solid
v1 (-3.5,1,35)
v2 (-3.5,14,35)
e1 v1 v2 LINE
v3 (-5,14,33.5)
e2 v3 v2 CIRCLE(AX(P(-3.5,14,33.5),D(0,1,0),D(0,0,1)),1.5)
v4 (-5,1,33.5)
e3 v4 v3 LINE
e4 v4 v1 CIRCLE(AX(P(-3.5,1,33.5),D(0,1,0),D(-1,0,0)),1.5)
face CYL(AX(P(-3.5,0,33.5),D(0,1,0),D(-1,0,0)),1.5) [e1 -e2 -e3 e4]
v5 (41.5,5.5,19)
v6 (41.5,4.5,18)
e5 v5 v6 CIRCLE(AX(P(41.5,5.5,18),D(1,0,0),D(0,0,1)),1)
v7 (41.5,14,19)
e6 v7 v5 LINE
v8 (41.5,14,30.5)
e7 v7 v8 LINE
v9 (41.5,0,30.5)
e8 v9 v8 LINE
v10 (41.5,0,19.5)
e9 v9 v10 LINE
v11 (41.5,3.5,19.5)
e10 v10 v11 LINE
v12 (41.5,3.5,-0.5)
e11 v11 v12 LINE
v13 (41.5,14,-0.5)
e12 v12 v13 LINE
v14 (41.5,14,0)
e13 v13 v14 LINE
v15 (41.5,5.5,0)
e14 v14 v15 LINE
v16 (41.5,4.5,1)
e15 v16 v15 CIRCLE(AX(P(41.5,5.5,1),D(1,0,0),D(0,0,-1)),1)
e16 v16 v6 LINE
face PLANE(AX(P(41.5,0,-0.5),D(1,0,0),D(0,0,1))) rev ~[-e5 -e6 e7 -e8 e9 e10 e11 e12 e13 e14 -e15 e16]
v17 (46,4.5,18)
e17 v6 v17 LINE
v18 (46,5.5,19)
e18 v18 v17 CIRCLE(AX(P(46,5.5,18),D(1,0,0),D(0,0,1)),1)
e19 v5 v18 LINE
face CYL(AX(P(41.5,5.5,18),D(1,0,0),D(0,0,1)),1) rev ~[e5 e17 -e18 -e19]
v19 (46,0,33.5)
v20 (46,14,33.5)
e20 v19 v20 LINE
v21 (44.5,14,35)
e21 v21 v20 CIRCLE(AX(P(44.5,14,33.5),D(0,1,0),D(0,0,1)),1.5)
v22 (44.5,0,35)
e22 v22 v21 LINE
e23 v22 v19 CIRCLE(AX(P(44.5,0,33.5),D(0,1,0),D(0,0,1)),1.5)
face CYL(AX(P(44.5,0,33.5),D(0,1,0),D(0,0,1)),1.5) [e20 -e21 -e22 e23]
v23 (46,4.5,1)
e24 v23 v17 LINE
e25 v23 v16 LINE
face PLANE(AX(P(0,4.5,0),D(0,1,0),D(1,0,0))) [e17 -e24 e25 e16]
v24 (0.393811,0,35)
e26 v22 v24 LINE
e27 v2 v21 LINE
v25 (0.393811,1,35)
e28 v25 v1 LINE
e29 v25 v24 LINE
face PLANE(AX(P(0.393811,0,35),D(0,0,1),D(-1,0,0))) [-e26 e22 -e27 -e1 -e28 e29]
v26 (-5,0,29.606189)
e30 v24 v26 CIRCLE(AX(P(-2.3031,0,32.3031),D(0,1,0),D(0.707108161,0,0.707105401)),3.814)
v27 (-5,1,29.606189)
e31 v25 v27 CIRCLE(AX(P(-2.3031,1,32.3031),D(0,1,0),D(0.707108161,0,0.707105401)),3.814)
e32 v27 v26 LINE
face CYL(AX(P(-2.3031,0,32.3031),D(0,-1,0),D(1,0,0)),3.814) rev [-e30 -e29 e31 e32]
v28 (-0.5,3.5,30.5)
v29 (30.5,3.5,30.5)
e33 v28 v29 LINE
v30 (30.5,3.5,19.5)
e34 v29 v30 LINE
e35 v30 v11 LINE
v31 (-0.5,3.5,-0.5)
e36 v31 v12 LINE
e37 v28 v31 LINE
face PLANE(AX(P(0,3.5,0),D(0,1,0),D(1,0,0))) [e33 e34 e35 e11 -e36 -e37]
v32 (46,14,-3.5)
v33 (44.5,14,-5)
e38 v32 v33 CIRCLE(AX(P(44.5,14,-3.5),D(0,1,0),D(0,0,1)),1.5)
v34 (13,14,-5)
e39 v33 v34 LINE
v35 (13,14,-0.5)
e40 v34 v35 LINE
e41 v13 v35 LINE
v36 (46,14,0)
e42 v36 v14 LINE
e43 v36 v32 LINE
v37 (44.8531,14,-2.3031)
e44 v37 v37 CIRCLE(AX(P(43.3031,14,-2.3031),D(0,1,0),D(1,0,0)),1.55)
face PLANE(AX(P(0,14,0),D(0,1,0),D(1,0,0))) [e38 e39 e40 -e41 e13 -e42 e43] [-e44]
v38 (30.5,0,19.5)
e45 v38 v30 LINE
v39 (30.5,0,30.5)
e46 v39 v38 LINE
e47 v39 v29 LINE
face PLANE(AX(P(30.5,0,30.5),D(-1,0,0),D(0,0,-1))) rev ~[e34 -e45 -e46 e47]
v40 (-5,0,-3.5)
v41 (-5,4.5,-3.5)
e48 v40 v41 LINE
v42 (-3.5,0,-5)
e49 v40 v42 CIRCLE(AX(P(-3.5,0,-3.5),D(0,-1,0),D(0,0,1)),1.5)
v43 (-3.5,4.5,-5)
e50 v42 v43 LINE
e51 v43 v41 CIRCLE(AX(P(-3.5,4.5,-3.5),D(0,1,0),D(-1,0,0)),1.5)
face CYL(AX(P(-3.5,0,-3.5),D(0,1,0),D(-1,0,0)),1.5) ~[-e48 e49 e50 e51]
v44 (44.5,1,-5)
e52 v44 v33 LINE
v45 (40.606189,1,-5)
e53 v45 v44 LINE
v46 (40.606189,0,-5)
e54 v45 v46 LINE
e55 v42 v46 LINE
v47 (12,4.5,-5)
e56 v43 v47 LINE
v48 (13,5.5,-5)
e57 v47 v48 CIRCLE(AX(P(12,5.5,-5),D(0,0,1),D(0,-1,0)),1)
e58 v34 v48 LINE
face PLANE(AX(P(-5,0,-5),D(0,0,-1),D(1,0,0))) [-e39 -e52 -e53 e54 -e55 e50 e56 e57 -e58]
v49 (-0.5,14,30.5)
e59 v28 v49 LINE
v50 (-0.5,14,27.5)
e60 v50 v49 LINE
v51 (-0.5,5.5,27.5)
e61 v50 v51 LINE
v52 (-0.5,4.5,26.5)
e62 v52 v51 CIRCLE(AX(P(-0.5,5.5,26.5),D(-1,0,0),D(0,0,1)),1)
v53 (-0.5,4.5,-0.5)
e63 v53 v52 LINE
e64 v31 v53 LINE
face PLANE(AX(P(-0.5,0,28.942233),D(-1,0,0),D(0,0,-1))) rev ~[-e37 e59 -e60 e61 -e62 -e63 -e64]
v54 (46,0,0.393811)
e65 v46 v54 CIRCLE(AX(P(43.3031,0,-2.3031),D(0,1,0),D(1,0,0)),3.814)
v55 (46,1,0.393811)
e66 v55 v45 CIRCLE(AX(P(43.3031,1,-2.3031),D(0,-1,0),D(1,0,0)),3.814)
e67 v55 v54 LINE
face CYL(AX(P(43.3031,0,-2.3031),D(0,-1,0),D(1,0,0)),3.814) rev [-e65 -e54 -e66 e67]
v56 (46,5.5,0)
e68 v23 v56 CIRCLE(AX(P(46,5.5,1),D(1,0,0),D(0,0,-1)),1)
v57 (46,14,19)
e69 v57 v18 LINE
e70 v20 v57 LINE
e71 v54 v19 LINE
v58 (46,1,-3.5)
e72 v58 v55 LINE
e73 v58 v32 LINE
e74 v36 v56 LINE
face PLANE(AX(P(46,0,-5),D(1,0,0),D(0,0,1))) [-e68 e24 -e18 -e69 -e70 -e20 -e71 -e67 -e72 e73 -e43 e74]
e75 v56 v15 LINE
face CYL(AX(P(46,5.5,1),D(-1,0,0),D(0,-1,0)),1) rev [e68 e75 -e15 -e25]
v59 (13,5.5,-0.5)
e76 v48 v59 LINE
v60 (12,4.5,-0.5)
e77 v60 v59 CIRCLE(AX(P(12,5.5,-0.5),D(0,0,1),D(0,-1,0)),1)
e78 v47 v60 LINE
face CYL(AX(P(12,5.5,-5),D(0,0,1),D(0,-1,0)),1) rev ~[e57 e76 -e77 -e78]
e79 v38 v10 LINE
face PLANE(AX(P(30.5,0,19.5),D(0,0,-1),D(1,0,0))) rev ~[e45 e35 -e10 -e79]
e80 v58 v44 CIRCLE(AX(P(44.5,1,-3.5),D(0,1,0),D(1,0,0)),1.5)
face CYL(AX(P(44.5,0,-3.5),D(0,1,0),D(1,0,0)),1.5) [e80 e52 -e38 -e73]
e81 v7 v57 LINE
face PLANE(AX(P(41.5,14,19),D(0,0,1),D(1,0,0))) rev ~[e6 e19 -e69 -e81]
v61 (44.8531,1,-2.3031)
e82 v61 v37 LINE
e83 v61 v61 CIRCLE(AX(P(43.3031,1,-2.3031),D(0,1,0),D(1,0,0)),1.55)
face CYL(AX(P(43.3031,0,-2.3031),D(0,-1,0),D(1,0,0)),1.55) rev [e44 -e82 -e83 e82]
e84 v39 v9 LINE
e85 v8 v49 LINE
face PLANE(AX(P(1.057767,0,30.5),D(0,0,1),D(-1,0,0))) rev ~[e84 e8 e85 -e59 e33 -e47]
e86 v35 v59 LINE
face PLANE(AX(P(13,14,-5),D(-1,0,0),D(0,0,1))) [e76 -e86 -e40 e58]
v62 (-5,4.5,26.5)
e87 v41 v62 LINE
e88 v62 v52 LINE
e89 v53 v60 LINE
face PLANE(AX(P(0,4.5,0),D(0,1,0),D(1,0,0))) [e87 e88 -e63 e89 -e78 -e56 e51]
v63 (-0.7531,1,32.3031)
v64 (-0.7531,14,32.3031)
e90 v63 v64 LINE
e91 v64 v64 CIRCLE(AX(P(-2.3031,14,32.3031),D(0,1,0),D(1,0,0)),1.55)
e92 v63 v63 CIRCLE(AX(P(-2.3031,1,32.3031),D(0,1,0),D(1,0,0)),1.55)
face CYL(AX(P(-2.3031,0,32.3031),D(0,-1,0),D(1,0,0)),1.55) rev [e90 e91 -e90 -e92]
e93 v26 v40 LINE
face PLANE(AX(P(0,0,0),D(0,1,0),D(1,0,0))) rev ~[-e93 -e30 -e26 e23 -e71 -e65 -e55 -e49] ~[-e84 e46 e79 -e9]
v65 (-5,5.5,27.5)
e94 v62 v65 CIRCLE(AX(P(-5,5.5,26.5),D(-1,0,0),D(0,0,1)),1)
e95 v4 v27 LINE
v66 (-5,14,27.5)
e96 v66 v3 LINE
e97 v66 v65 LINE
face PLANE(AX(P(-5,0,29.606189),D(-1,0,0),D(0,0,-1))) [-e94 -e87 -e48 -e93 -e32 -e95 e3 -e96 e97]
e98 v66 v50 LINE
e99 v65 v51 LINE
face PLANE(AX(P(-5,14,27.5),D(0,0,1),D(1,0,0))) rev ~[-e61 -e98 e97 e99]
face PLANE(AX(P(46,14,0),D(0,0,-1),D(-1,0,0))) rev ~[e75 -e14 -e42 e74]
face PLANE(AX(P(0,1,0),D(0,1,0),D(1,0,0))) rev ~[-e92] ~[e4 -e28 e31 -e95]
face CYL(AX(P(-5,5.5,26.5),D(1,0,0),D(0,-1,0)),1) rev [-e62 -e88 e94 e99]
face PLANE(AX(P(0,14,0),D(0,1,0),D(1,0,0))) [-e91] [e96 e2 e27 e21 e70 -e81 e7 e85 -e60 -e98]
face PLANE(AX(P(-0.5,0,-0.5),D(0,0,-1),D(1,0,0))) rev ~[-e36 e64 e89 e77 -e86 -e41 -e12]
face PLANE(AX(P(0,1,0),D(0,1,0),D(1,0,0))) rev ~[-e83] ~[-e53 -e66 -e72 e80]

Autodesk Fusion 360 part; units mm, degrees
sketch "Sketch1" plane through (0, 0, 0) normal (0, 1, 0) x (1, 0, 0)
  line L0 (0, 0) -> (41, 0) construction
  line L1 (41, 0) -> (41, -30) construction
  line L2 (41, -30) -> (0, -30) construction
  line L3 (0, -30) -> (0, 0) construction
  line L4 (-0.5, 0.5) -> (41.5, 0.5)
  line L5 (41.5, 0.5) -> (41.5, -30.5)
  line L6 (41.5, -30.5) -> (-0.5, -30.5)
  line L7 (-0.5, -30.5) -> (-0.5, 0.5)
  line L8 (-5, 5) -> (46, 5)
  line L9 (46, 5) -> (46, -35)
  line L10 (46, -35) -> (-5, -35)
  line L11 (-5, -35) -> (-5, 5)
  line L12 (30.5, -30.5) -> (30.5, -19.5)
  line L13 (30.5, -19.5) -> (41.5, -19.5)
  circle A0 centre (43.3031, 2.3031) radius 1.55
  circle A1 centre (-2.3031, -32.3031) radius 1.55
  circle A2 centre (-2.3031, -32.3031) radius 3.814
  circle A3 centre (43.3031, 2.3031) radius 3.814
  dimension "d1" = 41
  dimension "d2" = 30
  dimension "d3" = -0.5
  dimension "d4" = -5
  dimension "d5" = 11
  dimension "d6" = 11
  dimension "d7" = 3.1
  dimension "d8" = 3.1
  dimension "d22" = 2.55
  dimension "d23" = 2.55
  dimension "d30" = 7.6279
  dimension "d32" = 3.814
  dimension "d33" = 7.6279
extrude "Extrude1" add sketch "Sketch1" along normal blind 3.5 contours L4 L5 L6 L7 L12 L13 A2 A3 | L4 L5 A3 | L6 L7 A2
extrude "Extrude2" add sketch "Sketch1" along normal blind 14 contours L4 L7 L8 L11 A2 A3 | L4 L5 L8 L9 A3 | L6 L7 L10 L11 A2 | L5 L6 L9 L10 A2 A3
fillet "Fillet1" radius 1.5 4 edges at (46, 7, -5) (46, 7, 35) (-5, 7, -5) (-5, 7, 35)
ref_plane "WorkPlane1" through (20.5, 14, 15) normal (0, 1, 0) x (1, 0, 0)
sketch "Sketch2" plane through (0, 14, 0) normal (0, 1, 0) x (1, 0, 0)
  line L0 (41, -30) -> (0, -30)
  line L1 (41, 0) -> (41, -30)
  line L2 (41.5, 0.5) -> (41.5, -30.5)
  line L3 (41.5, -30.5) -> (-0.5, -30.5)
  line L4 (0, -30) -> (0, 0)
  line L5 (-0.5, -30.5) -> (-0.5, 0.5)
  line L6 (0, 0) -> (41, 0)
  line L7 (-0.5, 0.5) -> (41.5, 0.5)
  line L8 (-5, 5) -> (46, 5)
  line L9 (46, 5) -> (46, -35)
  line L10 (-5, -35) -> (-5, 5)
  line L11 (46, -35) -> (-5, -35)
  circle A0 centre (43.3031, 2.3031) radius 1.55
  circle A1 centre (-2.3031, -32.3031) radius 1.55
  line L12 (46, 0) -> (41.5, 0)
  line L13 (41.5, 0) -> (41.5, -19)
  line L14 (41.5, -19) -> (46, -19)
  line L15 (46, -19) -> (46, 0)
  line L16 (-0.5, 0) -> (-5, 0)
  line L17 (-5, 0) -> (-5, -19)
  line L18 (-5, -19) -> (-0.5, -19)
  line L19 (-0.5, -19) -> (-0.5, 0)
  line L20 (-5, 5) -> (13, 5)
  line L21 (13, 5) -> (13, 0)
  line L22 (13, 0) -> (-5, 0)
  line L23 (-5, 0) -> (-5, 5)
  line L24 (-0.5, -30.5) -> (-5, -30.5)
  line L25 (-5, -30.5) -> (-5, -27.5)
  line L26 (-5, -27.5) -> (-0.5, -27.5)
  line L27 (-0.5, -27.5) -> (-0.5, -30.5)
  dimension "d16" = 19
  dimension "d17" = 19
  dimension "d18" = 18
  dimension "d19" = 5
  dimension "d28" = 34.6062
  dimension "d29" = 45.6062
  dimension "d36" = 3
extrude "Extrude3" cut sketch "Sketch2" against normal blind 9.5 contours L5 L7 L8 L10 L16 L20 L21 L22 L23 | L5 L10 L16 L17 L18 L19 L22 | L5 L10 L18 L26 | L2 L9 L12 L13 L14 L15
extrude "Extrude4" cut sketch "Sketch1" along normal blind 1 contours L4 L5 L8 L9 A3 | L4 L5 A3 | L6 L7 A2 | L6 L7 L10 L11 A2 | L8 A3 | L11 A2 | L9 A3 | L10 A2
fillet "Fillet3" radius 1 4 edges at (-2.75, 4.5, 27.5) (13, 4.5, -2.75) (43.75, 4.5, 19) (43.75, 4.5, 0)
equation "d6 = d5"
equation "d9 = TOTAL_HEIGHT - WIRE_HEIGHT - 1 mm"
equation "d11 = TOTAL_HEIGHT"
equation "d20 = -WIRE_HEIGHT"
equation "d22 = d7 / 2 + 1 mm"
equation "d23 = d8 / 2 + 1 mm"
equation "TOTAL_HEIGHT = 14 mm"
equation "WIRE_HEIGHT = 9.5 mm"
equation "d30 = d33"
equation "d33 = d32 * 2"
